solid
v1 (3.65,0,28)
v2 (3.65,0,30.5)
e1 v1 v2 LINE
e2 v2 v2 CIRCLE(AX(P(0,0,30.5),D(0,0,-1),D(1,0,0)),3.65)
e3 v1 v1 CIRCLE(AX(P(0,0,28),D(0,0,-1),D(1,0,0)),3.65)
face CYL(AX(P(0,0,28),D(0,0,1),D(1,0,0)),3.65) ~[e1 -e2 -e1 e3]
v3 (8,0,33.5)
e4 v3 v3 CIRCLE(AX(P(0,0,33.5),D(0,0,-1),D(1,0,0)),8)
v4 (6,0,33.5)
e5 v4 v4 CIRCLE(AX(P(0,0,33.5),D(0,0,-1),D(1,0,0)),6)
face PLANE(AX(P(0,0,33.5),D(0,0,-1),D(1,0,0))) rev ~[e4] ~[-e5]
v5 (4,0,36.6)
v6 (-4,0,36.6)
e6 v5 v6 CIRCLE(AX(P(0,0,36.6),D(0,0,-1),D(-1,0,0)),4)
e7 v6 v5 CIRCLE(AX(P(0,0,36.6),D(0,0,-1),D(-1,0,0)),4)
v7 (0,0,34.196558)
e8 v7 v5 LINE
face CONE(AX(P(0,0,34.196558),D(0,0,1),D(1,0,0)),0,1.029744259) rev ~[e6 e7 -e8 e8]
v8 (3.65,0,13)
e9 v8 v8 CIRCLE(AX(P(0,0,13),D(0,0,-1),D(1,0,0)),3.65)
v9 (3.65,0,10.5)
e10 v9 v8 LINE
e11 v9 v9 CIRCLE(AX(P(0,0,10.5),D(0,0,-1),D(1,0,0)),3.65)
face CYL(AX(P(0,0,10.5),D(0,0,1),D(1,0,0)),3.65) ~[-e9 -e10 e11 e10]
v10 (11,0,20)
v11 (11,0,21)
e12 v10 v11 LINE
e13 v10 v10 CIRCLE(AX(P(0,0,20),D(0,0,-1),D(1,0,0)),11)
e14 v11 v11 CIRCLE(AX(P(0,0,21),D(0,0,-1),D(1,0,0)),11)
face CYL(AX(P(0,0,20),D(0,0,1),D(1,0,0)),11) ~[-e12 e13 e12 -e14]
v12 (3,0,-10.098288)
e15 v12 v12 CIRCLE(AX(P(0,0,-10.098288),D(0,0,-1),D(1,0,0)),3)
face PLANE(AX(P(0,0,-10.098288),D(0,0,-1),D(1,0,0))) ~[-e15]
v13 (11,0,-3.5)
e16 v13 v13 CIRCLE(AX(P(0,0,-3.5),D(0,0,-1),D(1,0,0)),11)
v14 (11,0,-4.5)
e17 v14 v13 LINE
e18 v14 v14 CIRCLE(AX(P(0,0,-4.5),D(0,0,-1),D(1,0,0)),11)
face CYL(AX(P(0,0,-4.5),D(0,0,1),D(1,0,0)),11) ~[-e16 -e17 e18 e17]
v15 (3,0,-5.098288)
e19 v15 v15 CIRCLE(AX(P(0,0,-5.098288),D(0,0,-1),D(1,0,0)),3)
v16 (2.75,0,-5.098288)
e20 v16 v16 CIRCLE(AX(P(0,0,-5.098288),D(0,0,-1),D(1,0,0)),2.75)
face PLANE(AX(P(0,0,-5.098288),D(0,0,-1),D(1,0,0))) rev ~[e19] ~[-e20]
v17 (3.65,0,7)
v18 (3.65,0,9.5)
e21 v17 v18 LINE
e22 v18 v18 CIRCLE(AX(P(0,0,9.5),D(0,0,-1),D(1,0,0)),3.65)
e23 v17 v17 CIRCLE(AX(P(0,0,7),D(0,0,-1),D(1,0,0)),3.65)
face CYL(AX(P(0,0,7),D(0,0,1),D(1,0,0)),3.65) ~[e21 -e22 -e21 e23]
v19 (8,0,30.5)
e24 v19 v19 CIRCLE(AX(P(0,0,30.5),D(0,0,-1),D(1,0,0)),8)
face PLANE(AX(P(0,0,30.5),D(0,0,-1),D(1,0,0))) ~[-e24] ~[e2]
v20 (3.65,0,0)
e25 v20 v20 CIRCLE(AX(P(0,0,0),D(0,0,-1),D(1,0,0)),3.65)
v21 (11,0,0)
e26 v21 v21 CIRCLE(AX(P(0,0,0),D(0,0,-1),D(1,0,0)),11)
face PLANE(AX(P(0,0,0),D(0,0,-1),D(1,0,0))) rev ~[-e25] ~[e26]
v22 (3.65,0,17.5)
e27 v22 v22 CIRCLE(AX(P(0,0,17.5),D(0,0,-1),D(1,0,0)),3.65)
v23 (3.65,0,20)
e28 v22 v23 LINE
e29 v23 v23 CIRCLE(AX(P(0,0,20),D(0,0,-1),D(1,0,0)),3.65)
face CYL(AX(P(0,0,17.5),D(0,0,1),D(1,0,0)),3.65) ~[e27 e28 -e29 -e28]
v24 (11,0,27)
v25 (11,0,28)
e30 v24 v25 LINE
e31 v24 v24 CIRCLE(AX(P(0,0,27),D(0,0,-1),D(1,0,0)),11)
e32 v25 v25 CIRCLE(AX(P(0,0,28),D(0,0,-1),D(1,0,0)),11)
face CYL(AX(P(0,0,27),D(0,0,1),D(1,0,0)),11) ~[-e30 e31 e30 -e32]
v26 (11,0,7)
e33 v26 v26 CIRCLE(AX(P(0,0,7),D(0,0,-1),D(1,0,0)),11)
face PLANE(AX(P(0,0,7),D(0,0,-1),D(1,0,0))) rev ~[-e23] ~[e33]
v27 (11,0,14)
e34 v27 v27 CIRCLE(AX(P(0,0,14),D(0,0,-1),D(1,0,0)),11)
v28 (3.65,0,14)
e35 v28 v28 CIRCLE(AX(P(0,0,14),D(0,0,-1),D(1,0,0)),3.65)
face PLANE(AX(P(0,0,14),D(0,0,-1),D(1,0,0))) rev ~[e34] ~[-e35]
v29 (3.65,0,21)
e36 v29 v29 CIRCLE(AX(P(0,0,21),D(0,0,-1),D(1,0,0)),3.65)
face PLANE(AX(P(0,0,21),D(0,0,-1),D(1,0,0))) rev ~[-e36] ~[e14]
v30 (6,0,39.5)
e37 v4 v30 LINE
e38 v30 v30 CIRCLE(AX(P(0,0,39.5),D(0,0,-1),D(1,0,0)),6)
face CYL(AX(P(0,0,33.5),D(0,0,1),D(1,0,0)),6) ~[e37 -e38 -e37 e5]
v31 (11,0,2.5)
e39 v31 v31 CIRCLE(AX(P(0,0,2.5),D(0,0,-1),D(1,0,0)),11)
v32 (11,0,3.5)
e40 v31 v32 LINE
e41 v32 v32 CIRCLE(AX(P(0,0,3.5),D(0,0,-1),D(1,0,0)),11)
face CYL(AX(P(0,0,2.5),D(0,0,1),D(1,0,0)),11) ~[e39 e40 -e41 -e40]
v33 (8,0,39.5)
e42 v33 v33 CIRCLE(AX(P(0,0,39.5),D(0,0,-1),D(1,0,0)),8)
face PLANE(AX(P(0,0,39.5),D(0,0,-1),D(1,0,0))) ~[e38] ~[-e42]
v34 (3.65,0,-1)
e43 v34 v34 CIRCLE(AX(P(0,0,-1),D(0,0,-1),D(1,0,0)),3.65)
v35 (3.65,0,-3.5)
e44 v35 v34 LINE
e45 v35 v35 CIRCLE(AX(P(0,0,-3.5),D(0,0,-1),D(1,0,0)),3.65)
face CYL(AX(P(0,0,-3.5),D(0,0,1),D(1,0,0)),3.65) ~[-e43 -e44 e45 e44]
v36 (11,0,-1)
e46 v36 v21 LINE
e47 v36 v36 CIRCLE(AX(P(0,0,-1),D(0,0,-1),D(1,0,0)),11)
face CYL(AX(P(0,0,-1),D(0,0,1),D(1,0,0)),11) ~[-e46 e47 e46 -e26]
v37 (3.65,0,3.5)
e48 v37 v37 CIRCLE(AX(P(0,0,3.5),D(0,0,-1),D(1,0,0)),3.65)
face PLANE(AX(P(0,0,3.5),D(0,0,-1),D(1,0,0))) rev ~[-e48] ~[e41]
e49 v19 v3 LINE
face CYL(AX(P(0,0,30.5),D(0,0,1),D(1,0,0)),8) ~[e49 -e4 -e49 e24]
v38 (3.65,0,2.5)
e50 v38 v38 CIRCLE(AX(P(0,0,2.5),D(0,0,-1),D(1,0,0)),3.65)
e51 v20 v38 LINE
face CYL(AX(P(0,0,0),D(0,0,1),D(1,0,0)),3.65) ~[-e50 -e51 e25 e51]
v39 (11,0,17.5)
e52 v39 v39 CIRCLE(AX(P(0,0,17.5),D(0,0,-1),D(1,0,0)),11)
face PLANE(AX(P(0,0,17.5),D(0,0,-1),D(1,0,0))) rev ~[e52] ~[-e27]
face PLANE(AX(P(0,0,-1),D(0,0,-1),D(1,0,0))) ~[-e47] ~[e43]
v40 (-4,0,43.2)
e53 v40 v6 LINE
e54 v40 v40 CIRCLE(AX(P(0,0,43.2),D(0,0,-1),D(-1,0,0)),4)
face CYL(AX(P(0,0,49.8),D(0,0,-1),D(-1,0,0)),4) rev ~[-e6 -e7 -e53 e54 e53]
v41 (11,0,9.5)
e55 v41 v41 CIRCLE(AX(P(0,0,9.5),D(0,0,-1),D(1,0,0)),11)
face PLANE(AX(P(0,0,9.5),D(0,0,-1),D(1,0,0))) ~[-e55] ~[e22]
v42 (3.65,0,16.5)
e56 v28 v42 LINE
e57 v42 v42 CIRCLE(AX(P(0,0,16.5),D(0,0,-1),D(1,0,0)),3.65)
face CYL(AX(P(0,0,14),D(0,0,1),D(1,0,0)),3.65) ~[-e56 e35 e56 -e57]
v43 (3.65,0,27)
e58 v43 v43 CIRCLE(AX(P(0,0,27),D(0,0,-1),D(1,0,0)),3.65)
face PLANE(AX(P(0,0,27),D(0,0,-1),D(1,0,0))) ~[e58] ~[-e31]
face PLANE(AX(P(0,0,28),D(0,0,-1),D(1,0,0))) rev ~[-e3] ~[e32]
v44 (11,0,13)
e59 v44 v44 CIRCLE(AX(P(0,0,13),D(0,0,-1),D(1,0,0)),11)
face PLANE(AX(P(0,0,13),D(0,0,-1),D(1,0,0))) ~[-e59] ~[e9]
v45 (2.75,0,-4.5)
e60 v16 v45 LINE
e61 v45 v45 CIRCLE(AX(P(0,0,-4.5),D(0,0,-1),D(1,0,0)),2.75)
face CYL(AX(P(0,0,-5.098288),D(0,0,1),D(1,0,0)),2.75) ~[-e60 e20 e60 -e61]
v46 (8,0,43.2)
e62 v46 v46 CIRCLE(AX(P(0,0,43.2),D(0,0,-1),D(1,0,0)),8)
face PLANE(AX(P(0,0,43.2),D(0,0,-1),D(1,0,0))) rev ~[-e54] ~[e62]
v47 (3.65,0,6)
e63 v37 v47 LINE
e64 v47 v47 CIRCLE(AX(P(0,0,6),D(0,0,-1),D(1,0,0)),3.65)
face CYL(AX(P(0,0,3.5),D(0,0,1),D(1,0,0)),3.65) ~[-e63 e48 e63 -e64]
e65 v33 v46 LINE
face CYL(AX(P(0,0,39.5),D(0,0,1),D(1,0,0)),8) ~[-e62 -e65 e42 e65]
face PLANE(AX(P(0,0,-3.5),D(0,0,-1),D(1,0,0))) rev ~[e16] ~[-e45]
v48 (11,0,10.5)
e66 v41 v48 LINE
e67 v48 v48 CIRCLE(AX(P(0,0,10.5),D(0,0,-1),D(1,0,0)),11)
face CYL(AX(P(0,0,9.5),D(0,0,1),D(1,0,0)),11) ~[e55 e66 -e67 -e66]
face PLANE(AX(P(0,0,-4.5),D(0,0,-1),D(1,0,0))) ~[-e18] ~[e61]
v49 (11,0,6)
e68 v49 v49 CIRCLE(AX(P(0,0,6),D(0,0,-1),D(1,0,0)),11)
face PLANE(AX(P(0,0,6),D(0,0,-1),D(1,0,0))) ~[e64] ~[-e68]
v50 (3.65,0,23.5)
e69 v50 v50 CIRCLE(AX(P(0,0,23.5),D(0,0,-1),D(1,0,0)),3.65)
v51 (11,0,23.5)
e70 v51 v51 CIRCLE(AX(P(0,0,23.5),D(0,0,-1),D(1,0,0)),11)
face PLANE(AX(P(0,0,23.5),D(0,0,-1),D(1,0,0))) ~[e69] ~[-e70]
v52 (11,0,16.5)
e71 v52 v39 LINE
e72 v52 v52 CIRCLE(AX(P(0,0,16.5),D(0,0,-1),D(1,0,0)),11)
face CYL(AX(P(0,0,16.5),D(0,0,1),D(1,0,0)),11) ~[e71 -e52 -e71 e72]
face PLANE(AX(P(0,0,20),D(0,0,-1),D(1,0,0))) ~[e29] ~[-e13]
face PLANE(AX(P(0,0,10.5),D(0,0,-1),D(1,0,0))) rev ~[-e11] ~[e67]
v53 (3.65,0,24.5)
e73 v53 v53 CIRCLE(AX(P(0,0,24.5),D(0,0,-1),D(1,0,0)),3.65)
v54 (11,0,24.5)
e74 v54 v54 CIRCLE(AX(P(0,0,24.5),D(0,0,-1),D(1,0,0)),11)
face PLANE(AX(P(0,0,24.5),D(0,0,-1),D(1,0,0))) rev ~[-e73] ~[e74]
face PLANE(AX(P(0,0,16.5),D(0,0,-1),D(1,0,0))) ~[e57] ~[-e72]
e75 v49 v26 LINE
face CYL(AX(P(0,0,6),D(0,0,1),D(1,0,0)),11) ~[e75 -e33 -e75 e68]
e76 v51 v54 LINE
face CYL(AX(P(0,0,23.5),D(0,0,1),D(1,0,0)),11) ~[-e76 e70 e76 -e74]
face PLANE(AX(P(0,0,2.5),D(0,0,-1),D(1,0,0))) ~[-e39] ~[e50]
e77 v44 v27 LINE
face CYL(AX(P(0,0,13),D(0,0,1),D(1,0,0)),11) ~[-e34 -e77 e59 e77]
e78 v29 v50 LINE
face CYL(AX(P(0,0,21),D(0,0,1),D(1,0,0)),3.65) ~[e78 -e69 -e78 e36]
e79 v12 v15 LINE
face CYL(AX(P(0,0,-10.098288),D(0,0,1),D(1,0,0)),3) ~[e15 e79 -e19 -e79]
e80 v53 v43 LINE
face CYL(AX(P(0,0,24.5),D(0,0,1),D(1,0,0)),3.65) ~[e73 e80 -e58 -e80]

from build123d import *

# Parameters (mm, degrees)
F3_D     = 8
F3_DEPTH = 6.6
F3_TIP   = 2.4034424761


with BuildPart() as f1:
    # F0 (on Front) → F1 (revolve)
    with BuildSketch(Plane.XZ):
        Polygon((0, 43.2), (0, -10.0982880177), (3, -10.0982880177), (3, -5.0982880177), (2.75, -5.0982880177), (2.75, -4.5), (11, -4.5), (11, -3.5), (3.65, -3.5), (3.65, -1), (11, -1), (11, 0), (3.65, 0), (3.65, 2.5), (11, 2.5), (11, 3.5), (3.65, 3.5), (3.65, 6), (11, 6), (11, 7), (3.65, 7), (3.65, 9.5), (11, 9.5), (11, 10.5), (3.65, 10.5), (3.65, 13), (11, 13), (11, 14), (3.65, 14), (3.65, 16.5), (11, 16.5), (11, 17.5), (3.65, 17.5), (3.65, 20), (11, 20), (11, 21), (3.65, 21), (3.65, 23.5), (11, 23.5), (11, 24.5), (3.65, 24.5), (3.65, 27), (11, 27), (11, 28), (3.65, 28), (3.65, 30.5), (8, 30.5), (8, 33.5), (6, 33.5), (6, 39.5), (8, 39.5), (8, 43.2), align=None)
    revolve(axis=Axis((0, 0, 16.5508559911), (0, 0, -1)))

    # F3
    with Locations(Plane.XY.offset(43.2)):
        with Locations((0, 0)):
            Hole(F3_D / 2, depth=F3_DEPTH)
            with Locations((0, 0, -(F3_DEPTH + F3_TIP / 2))):  # 118° drill point
                Cone(0, F3_D / 2, F3_TIP, mode=Mode.SUBTRACT)


solid = f1.part
